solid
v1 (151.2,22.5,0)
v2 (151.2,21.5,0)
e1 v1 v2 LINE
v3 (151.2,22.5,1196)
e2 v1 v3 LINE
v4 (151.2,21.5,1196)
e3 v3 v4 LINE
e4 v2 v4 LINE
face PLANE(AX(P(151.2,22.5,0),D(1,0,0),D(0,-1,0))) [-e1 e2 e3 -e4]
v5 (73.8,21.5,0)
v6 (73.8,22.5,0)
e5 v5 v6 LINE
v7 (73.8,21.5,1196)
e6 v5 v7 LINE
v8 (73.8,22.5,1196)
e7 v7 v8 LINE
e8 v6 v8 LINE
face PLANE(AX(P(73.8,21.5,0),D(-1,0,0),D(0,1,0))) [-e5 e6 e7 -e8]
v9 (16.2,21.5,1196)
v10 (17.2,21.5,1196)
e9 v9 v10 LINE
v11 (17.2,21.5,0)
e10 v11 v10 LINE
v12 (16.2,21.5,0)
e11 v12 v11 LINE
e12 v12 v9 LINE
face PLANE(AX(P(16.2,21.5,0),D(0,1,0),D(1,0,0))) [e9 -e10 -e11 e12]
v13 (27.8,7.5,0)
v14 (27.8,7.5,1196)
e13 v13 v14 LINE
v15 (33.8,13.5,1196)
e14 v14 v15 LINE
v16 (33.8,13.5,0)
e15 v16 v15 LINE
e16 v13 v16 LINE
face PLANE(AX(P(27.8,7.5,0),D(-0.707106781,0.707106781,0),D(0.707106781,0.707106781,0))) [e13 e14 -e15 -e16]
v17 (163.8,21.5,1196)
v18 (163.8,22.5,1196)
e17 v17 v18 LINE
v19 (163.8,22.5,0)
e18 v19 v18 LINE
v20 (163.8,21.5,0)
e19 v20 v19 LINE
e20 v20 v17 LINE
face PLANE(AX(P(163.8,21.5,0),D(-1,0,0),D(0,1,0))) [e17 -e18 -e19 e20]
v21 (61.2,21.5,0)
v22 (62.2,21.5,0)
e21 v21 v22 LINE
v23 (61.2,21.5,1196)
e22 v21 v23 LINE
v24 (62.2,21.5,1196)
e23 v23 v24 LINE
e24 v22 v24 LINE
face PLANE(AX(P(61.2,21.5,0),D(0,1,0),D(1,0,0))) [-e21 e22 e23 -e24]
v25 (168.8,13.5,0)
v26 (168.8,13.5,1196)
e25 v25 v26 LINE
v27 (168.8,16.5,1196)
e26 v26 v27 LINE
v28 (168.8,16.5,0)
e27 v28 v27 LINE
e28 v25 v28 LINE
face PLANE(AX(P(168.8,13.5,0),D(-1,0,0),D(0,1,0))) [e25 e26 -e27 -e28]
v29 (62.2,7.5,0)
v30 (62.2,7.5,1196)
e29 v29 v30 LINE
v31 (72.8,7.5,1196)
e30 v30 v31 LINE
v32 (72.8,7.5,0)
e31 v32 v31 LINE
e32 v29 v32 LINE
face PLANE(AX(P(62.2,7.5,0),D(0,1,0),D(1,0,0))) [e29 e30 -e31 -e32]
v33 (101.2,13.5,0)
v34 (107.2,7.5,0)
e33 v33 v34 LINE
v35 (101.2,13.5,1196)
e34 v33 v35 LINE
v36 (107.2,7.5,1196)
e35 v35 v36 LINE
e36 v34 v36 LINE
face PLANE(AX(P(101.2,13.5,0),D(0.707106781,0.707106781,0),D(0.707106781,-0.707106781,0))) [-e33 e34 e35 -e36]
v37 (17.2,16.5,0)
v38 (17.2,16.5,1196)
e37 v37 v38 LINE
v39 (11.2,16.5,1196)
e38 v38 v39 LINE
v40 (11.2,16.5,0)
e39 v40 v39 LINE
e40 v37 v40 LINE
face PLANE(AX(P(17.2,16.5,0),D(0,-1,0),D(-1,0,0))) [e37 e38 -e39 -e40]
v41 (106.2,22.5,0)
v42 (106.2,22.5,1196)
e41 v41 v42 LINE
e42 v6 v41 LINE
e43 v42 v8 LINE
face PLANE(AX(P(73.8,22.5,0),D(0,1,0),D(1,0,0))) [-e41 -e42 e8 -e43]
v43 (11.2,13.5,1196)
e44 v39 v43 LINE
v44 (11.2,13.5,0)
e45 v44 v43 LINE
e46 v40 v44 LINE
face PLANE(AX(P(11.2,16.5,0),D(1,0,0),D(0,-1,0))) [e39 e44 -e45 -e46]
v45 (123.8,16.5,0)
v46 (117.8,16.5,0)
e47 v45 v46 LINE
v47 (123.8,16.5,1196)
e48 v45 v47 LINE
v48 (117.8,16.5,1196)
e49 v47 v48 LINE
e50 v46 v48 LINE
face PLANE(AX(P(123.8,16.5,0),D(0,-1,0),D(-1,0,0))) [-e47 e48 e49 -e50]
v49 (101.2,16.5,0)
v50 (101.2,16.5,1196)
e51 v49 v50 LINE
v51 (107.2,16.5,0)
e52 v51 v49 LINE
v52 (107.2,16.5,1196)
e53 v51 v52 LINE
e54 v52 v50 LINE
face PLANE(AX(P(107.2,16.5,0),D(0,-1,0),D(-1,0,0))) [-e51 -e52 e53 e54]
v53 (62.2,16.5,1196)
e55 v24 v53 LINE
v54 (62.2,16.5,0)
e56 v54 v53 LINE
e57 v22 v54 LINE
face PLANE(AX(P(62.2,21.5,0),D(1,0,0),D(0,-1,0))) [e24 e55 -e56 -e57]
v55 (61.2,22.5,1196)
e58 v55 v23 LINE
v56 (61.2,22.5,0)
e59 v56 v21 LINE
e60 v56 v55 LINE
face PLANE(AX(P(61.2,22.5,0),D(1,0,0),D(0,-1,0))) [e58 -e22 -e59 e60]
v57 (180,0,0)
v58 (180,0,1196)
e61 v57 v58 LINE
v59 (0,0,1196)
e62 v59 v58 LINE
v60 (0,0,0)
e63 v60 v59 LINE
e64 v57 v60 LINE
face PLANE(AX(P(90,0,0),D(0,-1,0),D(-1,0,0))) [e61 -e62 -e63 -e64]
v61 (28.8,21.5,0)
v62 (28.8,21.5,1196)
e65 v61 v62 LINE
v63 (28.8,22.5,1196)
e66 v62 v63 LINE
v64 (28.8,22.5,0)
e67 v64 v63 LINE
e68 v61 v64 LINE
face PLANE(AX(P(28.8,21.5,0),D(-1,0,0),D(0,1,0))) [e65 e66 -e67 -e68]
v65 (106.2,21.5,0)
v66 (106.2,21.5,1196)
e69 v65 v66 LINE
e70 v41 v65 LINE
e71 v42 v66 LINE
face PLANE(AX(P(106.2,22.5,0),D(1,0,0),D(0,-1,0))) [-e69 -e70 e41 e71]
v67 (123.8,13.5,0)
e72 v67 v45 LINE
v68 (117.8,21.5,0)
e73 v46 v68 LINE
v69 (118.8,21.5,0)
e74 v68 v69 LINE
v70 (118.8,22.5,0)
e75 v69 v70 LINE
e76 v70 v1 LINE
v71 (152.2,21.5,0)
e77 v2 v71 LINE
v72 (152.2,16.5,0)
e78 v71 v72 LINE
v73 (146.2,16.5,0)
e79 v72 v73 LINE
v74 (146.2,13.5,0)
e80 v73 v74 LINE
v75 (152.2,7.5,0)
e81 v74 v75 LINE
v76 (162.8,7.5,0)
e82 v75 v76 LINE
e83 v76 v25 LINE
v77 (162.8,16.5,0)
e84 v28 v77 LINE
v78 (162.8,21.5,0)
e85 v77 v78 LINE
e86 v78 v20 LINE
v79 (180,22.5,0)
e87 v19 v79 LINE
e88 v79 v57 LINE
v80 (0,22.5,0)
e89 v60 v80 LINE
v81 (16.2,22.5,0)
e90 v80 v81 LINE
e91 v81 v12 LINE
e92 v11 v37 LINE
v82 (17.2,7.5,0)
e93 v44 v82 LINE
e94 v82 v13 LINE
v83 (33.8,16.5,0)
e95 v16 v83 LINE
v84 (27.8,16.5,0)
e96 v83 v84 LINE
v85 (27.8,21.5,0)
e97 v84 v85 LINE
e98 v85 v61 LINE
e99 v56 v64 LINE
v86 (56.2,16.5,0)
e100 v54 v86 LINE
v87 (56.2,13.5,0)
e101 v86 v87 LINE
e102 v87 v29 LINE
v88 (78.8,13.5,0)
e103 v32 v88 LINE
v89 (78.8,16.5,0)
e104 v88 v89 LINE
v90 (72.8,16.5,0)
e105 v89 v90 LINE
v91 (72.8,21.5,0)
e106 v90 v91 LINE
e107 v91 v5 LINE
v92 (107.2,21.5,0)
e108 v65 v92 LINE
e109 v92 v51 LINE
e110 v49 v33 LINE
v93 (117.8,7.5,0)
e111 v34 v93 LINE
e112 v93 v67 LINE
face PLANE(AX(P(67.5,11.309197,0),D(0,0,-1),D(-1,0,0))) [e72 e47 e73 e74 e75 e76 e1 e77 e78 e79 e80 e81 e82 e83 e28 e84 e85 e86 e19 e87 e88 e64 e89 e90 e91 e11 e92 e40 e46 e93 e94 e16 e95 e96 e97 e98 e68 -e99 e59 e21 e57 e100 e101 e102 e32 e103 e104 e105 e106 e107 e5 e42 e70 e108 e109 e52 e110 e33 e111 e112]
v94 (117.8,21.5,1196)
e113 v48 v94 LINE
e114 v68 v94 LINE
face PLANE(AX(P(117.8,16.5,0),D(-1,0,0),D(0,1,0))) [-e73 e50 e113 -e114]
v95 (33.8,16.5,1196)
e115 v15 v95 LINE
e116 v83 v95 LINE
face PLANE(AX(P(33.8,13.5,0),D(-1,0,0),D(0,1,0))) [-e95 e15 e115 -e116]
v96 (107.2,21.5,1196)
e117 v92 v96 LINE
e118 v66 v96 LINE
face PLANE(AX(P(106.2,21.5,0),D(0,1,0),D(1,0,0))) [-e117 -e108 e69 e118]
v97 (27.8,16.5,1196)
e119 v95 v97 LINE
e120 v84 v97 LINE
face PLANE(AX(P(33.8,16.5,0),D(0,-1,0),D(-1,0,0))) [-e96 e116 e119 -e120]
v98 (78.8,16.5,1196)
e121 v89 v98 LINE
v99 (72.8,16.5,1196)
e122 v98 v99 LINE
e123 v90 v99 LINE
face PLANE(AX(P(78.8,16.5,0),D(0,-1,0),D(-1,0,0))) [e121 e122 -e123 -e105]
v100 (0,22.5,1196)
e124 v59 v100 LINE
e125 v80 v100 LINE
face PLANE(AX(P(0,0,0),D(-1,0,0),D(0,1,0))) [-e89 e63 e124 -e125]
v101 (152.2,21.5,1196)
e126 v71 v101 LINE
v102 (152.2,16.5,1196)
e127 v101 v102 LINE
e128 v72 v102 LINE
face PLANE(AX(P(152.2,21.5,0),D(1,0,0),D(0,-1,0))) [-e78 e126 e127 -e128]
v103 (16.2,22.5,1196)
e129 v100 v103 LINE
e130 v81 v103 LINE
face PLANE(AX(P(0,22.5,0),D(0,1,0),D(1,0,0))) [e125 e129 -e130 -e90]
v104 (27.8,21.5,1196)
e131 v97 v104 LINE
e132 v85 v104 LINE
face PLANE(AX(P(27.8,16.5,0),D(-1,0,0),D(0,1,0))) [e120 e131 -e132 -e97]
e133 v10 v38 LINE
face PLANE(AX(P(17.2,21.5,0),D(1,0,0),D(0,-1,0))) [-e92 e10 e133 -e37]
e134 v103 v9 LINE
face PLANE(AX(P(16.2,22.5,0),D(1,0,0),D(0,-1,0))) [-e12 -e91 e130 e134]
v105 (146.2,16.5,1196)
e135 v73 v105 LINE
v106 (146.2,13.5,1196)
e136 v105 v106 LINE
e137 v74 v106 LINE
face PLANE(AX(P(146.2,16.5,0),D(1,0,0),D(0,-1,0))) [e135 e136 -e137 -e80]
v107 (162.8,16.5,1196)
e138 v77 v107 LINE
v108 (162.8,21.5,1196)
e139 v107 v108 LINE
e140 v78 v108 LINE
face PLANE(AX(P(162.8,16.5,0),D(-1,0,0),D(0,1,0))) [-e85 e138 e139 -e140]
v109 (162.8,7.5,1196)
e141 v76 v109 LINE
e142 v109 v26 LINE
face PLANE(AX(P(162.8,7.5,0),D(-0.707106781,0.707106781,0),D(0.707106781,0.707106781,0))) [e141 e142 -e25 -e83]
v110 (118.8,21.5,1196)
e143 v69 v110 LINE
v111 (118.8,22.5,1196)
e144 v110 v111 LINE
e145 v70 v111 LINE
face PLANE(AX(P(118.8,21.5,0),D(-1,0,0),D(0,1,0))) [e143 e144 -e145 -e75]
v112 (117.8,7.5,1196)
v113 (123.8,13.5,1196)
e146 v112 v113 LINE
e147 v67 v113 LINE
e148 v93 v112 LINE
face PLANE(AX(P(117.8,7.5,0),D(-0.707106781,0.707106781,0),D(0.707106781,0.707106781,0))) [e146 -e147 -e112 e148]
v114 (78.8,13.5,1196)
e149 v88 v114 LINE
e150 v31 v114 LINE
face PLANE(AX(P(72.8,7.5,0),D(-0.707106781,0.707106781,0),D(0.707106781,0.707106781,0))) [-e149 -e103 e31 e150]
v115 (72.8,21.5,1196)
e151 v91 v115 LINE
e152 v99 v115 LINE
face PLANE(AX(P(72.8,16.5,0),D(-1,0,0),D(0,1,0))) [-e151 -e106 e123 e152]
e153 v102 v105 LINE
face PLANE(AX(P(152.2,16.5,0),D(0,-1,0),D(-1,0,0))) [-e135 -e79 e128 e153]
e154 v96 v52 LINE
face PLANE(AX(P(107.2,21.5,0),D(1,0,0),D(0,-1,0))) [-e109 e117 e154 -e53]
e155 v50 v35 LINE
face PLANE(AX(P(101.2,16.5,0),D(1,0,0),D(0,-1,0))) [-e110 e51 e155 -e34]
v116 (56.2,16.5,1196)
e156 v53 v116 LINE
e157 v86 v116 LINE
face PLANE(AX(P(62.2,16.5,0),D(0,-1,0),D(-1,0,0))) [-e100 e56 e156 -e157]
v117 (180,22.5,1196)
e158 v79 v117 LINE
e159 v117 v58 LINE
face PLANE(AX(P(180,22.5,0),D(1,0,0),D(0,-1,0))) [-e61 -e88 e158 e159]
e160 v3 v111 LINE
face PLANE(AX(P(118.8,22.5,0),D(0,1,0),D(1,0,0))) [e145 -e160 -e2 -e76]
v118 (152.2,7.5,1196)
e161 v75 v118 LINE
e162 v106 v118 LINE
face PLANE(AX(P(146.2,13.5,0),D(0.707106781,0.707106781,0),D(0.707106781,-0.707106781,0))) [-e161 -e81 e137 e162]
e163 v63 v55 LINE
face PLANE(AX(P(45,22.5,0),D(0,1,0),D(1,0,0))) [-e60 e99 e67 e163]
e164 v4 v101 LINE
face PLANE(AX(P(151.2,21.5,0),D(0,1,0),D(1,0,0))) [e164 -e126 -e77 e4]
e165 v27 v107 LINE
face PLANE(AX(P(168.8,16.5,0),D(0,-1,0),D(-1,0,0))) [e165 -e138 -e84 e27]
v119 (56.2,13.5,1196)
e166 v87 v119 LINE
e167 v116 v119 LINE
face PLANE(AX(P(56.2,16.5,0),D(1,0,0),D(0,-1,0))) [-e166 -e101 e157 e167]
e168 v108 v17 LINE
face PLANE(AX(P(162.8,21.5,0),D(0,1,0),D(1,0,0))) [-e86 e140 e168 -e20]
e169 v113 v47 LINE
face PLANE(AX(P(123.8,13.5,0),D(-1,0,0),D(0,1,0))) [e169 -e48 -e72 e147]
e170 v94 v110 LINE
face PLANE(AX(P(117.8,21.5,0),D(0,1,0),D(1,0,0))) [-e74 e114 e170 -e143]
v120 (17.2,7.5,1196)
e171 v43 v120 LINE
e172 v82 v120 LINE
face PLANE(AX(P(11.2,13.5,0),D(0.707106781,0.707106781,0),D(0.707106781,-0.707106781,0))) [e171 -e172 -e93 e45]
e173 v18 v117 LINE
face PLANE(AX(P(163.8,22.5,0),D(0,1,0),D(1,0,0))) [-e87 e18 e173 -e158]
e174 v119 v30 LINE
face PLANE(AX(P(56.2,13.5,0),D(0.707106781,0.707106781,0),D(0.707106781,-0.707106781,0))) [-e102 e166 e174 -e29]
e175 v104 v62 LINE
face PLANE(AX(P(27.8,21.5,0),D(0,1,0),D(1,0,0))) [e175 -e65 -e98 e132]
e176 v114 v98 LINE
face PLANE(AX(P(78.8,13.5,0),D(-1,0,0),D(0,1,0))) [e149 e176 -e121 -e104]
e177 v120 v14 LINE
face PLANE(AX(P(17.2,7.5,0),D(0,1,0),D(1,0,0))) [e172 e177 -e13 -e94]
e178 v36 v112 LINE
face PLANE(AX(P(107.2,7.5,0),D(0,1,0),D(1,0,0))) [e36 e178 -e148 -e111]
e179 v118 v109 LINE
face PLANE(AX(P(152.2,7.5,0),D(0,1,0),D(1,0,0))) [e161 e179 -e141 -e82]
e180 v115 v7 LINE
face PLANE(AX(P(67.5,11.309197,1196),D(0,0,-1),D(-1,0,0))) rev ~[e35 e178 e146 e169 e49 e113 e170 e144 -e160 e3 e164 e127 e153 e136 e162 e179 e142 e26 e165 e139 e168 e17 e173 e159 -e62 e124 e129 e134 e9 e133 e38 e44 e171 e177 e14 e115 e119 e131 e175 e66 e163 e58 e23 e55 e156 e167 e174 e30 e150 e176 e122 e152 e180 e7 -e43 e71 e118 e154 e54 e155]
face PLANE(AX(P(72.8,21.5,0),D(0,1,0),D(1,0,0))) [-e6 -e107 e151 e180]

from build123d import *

# Parameters (mm, degrees)
EXTRUDE1_DEPTH  = 1196
LPATTERN2_COUNT = 4
LPATTERN2_PITCH = 45


with BuildPart() as part:
    # Sketch1 → Extrude1 (new body)
    with BuildSketch(Plane.XY):
        Polygon((0, 22.5), (16.2, 22.5), (16.2, 21.5), (17.2, 21.5), (17.2, 16.5), (11.2, 16.5), (11.2, 13.5), (17.2, 7.5), (27.8, 7.5), (33.8, 13.5), (33.8, 16.5), (27.8, 16.5), (27.8, 21.5), (28.8, 21.5), (28.8, 22.5), (45, 22.5), (45, 0), (0, 0), align=None)
    extrude1 = extrude(amount=EXTRUDE1_DEPTH)

    # LPattern2: Extrude1 ×4
    with Locations(*[(i * LPATTERN2_PITCH, 0, 0) for i in range(1, LPATTERN2_COUNT)]):
        add(extrude1)


solid = part.part
